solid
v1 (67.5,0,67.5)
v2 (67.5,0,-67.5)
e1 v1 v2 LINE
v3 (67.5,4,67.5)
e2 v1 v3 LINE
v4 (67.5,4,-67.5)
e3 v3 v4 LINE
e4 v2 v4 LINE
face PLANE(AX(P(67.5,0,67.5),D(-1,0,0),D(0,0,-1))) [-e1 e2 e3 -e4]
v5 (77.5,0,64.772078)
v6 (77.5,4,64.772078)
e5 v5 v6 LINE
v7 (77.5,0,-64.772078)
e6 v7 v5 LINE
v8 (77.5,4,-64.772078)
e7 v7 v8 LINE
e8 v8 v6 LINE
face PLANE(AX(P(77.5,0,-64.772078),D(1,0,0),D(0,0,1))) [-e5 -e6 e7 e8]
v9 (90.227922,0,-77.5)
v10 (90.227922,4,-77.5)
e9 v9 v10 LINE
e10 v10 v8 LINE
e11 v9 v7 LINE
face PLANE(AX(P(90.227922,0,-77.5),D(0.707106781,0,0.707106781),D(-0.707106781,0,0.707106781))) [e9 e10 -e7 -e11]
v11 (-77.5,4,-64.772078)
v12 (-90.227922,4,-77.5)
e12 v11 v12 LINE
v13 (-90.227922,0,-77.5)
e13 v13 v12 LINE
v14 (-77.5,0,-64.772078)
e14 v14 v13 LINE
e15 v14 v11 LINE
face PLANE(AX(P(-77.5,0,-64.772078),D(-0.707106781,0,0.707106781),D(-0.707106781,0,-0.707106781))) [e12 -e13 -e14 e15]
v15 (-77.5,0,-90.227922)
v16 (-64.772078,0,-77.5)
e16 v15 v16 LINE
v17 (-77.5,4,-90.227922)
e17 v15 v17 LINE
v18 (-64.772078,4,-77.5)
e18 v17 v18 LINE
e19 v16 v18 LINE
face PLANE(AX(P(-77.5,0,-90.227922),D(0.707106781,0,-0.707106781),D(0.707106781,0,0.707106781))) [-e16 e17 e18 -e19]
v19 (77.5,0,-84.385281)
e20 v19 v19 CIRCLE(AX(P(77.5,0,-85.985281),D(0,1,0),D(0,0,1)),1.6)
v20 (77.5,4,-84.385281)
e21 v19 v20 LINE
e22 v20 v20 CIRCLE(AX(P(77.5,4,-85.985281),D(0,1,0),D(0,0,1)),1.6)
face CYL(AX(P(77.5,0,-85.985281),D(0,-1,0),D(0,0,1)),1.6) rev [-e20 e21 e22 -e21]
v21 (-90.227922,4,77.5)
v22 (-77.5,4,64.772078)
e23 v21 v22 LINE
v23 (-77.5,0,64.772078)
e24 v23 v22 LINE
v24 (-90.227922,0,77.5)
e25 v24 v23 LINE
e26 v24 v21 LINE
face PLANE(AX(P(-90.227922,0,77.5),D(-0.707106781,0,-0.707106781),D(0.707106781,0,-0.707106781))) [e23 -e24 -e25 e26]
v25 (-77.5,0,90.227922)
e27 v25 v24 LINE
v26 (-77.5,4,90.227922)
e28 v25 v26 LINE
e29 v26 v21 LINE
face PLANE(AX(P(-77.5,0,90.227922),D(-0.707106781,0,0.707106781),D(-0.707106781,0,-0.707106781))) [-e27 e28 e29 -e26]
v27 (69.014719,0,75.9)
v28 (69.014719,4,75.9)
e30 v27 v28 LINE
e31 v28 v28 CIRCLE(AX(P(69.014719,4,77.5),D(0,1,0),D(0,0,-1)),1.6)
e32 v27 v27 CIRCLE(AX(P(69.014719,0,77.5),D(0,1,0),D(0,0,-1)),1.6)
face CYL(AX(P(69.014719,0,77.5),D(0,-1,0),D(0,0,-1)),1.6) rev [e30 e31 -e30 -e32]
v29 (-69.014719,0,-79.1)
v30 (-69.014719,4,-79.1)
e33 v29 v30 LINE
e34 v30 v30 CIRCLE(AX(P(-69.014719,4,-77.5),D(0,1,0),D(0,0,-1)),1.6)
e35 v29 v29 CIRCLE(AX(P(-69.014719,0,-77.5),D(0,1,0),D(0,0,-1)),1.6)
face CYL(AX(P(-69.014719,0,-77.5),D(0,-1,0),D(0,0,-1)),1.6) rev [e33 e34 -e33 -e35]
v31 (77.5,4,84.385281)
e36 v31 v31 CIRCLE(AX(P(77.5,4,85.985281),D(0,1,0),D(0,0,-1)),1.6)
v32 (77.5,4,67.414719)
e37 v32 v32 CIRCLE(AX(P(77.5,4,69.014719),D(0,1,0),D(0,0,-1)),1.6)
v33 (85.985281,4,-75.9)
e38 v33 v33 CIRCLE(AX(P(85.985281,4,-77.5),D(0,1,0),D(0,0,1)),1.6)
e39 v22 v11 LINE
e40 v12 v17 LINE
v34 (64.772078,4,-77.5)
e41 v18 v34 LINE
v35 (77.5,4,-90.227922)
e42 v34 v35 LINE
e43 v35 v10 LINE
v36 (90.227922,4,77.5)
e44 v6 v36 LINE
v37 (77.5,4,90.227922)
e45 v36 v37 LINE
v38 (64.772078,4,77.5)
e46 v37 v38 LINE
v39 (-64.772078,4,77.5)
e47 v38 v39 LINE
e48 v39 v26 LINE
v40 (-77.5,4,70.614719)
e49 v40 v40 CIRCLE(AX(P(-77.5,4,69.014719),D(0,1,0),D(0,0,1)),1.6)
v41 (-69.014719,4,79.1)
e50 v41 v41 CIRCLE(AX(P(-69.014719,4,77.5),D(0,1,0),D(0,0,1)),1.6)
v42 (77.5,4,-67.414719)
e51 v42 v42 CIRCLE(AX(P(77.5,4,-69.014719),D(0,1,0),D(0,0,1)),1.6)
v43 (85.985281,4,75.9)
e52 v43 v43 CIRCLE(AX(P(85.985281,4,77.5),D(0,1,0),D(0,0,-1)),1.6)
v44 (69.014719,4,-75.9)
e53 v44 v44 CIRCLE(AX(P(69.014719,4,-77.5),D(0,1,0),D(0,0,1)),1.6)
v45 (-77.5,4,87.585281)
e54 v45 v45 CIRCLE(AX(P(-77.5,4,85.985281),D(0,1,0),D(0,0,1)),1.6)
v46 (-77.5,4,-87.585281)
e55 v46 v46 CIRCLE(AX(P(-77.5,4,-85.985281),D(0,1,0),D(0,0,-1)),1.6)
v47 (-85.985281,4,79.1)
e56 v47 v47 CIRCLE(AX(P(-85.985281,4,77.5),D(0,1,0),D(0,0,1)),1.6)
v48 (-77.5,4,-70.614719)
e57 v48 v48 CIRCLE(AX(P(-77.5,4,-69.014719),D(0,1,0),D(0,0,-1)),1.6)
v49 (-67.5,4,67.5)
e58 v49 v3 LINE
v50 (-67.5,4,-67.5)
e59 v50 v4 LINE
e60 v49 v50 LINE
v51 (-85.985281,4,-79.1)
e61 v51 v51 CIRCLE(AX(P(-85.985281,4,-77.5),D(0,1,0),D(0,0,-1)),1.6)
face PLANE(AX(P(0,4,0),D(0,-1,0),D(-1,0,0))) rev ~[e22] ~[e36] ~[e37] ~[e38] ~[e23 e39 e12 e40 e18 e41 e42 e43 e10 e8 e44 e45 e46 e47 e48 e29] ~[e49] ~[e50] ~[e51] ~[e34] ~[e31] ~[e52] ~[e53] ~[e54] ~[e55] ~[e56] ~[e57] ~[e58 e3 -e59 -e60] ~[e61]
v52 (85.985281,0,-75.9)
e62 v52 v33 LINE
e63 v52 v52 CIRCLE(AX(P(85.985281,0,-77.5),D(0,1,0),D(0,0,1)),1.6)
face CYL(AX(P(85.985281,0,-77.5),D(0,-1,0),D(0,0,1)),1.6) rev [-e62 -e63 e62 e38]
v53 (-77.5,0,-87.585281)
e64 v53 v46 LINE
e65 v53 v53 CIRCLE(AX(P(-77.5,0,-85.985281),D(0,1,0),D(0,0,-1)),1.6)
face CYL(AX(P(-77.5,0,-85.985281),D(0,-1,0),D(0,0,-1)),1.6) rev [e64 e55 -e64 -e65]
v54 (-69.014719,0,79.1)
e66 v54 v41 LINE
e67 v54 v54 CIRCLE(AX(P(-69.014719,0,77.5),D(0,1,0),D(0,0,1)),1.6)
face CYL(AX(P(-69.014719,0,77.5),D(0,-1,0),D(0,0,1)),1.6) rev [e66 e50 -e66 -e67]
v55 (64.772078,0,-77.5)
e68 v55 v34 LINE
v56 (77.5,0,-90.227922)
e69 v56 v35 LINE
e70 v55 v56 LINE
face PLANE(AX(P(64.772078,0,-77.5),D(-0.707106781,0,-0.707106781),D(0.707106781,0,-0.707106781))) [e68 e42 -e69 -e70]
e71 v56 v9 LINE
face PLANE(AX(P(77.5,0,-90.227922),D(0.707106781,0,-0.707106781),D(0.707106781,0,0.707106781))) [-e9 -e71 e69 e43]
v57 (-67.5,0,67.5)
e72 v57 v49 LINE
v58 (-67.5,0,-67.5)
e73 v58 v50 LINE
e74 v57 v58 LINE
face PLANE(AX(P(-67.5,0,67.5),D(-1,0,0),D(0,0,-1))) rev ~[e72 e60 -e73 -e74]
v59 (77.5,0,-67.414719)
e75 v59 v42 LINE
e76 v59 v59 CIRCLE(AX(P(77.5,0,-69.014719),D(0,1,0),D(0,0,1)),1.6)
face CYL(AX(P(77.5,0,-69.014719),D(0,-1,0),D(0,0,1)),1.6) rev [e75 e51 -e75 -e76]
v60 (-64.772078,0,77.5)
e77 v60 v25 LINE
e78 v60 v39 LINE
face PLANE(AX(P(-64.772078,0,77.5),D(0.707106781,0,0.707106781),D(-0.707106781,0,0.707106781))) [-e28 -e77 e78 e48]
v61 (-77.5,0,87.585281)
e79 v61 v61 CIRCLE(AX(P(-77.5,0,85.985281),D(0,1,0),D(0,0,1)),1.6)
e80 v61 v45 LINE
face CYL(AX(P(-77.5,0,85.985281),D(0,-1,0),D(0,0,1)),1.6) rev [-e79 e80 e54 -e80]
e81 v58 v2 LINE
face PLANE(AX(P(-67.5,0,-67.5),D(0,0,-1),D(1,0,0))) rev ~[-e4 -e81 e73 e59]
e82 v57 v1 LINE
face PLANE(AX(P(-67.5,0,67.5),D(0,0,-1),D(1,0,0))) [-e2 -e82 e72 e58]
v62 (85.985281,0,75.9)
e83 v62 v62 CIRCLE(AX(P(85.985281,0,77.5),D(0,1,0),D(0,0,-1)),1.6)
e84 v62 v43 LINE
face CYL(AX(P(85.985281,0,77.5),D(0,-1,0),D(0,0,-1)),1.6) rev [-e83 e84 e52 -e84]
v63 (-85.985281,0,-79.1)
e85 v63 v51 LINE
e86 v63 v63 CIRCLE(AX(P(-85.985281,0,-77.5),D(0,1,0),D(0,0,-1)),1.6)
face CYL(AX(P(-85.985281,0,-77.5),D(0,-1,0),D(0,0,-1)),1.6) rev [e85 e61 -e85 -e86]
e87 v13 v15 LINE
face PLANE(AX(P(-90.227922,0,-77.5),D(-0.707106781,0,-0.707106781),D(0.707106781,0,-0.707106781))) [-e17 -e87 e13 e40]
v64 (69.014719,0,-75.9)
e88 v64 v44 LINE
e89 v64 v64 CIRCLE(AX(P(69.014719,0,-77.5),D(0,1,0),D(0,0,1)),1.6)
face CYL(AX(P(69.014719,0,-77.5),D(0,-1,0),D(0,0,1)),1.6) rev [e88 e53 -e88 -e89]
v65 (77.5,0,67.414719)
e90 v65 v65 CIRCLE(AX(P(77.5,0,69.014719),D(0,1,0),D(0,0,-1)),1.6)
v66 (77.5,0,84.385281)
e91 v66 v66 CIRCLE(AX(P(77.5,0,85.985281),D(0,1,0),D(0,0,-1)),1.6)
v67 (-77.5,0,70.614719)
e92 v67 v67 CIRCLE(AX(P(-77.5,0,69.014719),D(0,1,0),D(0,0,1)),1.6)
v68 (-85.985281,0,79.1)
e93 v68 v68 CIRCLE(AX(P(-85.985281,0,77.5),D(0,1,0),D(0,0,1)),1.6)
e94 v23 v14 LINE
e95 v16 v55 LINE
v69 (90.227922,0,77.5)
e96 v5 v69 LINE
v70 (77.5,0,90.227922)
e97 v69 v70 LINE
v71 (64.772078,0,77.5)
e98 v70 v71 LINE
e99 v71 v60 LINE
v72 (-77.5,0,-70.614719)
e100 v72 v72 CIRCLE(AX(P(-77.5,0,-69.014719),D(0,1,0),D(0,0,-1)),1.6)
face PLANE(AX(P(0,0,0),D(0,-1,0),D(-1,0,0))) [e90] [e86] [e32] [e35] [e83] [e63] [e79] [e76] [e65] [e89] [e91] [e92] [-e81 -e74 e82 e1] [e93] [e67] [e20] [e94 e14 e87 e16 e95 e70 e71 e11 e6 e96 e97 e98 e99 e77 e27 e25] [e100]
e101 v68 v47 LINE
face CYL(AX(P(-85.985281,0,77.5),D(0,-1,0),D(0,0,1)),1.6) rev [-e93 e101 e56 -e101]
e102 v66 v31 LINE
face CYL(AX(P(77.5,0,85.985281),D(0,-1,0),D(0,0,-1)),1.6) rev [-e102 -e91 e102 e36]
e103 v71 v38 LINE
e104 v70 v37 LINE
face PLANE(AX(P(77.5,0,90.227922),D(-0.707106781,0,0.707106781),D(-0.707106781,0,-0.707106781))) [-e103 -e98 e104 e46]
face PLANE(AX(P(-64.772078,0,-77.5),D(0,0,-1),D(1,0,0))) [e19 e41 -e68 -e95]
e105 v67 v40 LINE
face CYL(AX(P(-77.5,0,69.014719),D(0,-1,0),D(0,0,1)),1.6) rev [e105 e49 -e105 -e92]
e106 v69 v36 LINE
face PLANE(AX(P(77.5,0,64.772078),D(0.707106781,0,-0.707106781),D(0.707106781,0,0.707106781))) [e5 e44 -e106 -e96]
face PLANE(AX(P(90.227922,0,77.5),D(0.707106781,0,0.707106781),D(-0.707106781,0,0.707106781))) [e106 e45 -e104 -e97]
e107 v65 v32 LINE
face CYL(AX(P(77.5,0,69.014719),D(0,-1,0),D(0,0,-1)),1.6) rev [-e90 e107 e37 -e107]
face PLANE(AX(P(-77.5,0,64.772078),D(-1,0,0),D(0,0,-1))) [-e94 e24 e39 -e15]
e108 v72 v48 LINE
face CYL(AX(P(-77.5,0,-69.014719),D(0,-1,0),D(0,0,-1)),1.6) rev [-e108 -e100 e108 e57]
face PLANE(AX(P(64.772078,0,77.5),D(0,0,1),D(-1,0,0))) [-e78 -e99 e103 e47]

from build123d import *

# Parameters (mm, degrees)
SKETCH_1_R      = 1.6
SKETCH_1_W      = 135
SKETCH_1_H      = 135
EXTRUDE_1_DEPTH = 4


with BuildPart() as part:
    # 草图1 → 凸台-拉伸1 (new body)
    with BuildSketch(Plane(origin=(0, 0, 0), x_dir=(1, 0, 0), z_dir=(0, 1, 0))):
        Polygon((90.227922061, 77.5), (77.5, 64.772077939), (77.5, -64.772077939), (90.227922061, -77.5), (77.5, -90.227922061), (64.772077939, -77.5), (-64.772077939, -77.5), (-77.5, -90.227922061), (-90.227922061, -77.5), (-77.5, -64.772077939), (-77.5, 64.772077939), (-90.227922061, 77.5), (-77.5, 90.227922061), (-64.772077939, 77.5), (64.772077939, 77.5), (77.5, 90.227922061), align=None)
        with Locations(Location((77.5, 85.985281374, 0), (0, 0, 270))):
            Circle(SKETCH_1_R, mode=Mode.SUBTRACT)
        with Locations(Location((69.014718626, 77.5, 0), (0, 0, 270))):
            Circle(SKETCH_1_R, mode=Mode.SUBTRACT)
        with Locations(Location((77.5, 69.014718626, 0), (0, 0, 270))):
            Circle(SKETCH_1_R, mode=Mode.SUBTRACT)
        with Locations(Location((85.985281374, 77.5, 0), (0, 0, 270))):
            Circle(SKETCH_1_R, mode=Mode.SUBTRACT)
        with Locations(Location((85.985281374, -77.5, 0), (0, 0, 90))):
            Circle(SKETCH_1_R, mode=Mode.SUBTRACT)
        with Locations(Location((77.5, -69.014718626, 0), (0, 0, 90))):
            Circle(SKETCH_1_R, mode=Mode.SUBTRACT)
        with Locations(Location((69.014718626, -77.5, 0), (0, 0, 90))):
            Circle(SKETCH_1_R, mode=Mode.SUBTRACT)
        with Locations(Location((77.5, -85.985281374, 0), (0, 0, 90))):
            Circle(SKETCH_1_R, mode=Mode.SUBTRACT)
        with Locations(Location((-77.5, -85.985281374, 0), (0, 0, 270))):
            Circle(SKETCH_1_R, mode=Mode.SUBTRACT)
        with Locations(Location((-69.014718626, -77.5, 0), (0, 0, 270))):
            Circle(SKETCH_1_R, mode=Mode.SUBTRACT)
        with Locations(Location((-77.5, -69.014718626, 0), (0, 0, 270))):
            Circle(SKETCH_1_R, mode=Mode.SUBTRACT)
        with Locations(Location((-85.985281374, -77.5, 0), (0, 0, 270))):
            Circle(SKETCH_1_R, mode=Mode.SUBTRACT)
        with Locations(Location((-85.985281374, 77.5, 0), (0, 0, 90))):
            Circle(SKETCH_1_R, mode=Mode.SUBTRACT)
        with Locations(Location((-77.5, 69.014718626, 0), (0, 0, 90))):
            Circle(SKETCH_1_R, mode=Mode.SUBTRACT)
        with Locations(Location((-69.014718626, 77.5, 0), (0, 0, 90))):
            Circle(SKETCH_1_R, mode=Mode.SUBTRACT)
        with Locations(Location((-77.5, 85.985281374, 0), (0, 0, 90))):
            Circle(SKETCH_1_R, mode=Mode.SUBTRACT)
        Rectangle(SKETCH_1_W, SKETCH_1_H, mode=Mode.SUBTRACT)
    extrude(amount=EXTRUDE_1_DEPTH)


solid = part.part
